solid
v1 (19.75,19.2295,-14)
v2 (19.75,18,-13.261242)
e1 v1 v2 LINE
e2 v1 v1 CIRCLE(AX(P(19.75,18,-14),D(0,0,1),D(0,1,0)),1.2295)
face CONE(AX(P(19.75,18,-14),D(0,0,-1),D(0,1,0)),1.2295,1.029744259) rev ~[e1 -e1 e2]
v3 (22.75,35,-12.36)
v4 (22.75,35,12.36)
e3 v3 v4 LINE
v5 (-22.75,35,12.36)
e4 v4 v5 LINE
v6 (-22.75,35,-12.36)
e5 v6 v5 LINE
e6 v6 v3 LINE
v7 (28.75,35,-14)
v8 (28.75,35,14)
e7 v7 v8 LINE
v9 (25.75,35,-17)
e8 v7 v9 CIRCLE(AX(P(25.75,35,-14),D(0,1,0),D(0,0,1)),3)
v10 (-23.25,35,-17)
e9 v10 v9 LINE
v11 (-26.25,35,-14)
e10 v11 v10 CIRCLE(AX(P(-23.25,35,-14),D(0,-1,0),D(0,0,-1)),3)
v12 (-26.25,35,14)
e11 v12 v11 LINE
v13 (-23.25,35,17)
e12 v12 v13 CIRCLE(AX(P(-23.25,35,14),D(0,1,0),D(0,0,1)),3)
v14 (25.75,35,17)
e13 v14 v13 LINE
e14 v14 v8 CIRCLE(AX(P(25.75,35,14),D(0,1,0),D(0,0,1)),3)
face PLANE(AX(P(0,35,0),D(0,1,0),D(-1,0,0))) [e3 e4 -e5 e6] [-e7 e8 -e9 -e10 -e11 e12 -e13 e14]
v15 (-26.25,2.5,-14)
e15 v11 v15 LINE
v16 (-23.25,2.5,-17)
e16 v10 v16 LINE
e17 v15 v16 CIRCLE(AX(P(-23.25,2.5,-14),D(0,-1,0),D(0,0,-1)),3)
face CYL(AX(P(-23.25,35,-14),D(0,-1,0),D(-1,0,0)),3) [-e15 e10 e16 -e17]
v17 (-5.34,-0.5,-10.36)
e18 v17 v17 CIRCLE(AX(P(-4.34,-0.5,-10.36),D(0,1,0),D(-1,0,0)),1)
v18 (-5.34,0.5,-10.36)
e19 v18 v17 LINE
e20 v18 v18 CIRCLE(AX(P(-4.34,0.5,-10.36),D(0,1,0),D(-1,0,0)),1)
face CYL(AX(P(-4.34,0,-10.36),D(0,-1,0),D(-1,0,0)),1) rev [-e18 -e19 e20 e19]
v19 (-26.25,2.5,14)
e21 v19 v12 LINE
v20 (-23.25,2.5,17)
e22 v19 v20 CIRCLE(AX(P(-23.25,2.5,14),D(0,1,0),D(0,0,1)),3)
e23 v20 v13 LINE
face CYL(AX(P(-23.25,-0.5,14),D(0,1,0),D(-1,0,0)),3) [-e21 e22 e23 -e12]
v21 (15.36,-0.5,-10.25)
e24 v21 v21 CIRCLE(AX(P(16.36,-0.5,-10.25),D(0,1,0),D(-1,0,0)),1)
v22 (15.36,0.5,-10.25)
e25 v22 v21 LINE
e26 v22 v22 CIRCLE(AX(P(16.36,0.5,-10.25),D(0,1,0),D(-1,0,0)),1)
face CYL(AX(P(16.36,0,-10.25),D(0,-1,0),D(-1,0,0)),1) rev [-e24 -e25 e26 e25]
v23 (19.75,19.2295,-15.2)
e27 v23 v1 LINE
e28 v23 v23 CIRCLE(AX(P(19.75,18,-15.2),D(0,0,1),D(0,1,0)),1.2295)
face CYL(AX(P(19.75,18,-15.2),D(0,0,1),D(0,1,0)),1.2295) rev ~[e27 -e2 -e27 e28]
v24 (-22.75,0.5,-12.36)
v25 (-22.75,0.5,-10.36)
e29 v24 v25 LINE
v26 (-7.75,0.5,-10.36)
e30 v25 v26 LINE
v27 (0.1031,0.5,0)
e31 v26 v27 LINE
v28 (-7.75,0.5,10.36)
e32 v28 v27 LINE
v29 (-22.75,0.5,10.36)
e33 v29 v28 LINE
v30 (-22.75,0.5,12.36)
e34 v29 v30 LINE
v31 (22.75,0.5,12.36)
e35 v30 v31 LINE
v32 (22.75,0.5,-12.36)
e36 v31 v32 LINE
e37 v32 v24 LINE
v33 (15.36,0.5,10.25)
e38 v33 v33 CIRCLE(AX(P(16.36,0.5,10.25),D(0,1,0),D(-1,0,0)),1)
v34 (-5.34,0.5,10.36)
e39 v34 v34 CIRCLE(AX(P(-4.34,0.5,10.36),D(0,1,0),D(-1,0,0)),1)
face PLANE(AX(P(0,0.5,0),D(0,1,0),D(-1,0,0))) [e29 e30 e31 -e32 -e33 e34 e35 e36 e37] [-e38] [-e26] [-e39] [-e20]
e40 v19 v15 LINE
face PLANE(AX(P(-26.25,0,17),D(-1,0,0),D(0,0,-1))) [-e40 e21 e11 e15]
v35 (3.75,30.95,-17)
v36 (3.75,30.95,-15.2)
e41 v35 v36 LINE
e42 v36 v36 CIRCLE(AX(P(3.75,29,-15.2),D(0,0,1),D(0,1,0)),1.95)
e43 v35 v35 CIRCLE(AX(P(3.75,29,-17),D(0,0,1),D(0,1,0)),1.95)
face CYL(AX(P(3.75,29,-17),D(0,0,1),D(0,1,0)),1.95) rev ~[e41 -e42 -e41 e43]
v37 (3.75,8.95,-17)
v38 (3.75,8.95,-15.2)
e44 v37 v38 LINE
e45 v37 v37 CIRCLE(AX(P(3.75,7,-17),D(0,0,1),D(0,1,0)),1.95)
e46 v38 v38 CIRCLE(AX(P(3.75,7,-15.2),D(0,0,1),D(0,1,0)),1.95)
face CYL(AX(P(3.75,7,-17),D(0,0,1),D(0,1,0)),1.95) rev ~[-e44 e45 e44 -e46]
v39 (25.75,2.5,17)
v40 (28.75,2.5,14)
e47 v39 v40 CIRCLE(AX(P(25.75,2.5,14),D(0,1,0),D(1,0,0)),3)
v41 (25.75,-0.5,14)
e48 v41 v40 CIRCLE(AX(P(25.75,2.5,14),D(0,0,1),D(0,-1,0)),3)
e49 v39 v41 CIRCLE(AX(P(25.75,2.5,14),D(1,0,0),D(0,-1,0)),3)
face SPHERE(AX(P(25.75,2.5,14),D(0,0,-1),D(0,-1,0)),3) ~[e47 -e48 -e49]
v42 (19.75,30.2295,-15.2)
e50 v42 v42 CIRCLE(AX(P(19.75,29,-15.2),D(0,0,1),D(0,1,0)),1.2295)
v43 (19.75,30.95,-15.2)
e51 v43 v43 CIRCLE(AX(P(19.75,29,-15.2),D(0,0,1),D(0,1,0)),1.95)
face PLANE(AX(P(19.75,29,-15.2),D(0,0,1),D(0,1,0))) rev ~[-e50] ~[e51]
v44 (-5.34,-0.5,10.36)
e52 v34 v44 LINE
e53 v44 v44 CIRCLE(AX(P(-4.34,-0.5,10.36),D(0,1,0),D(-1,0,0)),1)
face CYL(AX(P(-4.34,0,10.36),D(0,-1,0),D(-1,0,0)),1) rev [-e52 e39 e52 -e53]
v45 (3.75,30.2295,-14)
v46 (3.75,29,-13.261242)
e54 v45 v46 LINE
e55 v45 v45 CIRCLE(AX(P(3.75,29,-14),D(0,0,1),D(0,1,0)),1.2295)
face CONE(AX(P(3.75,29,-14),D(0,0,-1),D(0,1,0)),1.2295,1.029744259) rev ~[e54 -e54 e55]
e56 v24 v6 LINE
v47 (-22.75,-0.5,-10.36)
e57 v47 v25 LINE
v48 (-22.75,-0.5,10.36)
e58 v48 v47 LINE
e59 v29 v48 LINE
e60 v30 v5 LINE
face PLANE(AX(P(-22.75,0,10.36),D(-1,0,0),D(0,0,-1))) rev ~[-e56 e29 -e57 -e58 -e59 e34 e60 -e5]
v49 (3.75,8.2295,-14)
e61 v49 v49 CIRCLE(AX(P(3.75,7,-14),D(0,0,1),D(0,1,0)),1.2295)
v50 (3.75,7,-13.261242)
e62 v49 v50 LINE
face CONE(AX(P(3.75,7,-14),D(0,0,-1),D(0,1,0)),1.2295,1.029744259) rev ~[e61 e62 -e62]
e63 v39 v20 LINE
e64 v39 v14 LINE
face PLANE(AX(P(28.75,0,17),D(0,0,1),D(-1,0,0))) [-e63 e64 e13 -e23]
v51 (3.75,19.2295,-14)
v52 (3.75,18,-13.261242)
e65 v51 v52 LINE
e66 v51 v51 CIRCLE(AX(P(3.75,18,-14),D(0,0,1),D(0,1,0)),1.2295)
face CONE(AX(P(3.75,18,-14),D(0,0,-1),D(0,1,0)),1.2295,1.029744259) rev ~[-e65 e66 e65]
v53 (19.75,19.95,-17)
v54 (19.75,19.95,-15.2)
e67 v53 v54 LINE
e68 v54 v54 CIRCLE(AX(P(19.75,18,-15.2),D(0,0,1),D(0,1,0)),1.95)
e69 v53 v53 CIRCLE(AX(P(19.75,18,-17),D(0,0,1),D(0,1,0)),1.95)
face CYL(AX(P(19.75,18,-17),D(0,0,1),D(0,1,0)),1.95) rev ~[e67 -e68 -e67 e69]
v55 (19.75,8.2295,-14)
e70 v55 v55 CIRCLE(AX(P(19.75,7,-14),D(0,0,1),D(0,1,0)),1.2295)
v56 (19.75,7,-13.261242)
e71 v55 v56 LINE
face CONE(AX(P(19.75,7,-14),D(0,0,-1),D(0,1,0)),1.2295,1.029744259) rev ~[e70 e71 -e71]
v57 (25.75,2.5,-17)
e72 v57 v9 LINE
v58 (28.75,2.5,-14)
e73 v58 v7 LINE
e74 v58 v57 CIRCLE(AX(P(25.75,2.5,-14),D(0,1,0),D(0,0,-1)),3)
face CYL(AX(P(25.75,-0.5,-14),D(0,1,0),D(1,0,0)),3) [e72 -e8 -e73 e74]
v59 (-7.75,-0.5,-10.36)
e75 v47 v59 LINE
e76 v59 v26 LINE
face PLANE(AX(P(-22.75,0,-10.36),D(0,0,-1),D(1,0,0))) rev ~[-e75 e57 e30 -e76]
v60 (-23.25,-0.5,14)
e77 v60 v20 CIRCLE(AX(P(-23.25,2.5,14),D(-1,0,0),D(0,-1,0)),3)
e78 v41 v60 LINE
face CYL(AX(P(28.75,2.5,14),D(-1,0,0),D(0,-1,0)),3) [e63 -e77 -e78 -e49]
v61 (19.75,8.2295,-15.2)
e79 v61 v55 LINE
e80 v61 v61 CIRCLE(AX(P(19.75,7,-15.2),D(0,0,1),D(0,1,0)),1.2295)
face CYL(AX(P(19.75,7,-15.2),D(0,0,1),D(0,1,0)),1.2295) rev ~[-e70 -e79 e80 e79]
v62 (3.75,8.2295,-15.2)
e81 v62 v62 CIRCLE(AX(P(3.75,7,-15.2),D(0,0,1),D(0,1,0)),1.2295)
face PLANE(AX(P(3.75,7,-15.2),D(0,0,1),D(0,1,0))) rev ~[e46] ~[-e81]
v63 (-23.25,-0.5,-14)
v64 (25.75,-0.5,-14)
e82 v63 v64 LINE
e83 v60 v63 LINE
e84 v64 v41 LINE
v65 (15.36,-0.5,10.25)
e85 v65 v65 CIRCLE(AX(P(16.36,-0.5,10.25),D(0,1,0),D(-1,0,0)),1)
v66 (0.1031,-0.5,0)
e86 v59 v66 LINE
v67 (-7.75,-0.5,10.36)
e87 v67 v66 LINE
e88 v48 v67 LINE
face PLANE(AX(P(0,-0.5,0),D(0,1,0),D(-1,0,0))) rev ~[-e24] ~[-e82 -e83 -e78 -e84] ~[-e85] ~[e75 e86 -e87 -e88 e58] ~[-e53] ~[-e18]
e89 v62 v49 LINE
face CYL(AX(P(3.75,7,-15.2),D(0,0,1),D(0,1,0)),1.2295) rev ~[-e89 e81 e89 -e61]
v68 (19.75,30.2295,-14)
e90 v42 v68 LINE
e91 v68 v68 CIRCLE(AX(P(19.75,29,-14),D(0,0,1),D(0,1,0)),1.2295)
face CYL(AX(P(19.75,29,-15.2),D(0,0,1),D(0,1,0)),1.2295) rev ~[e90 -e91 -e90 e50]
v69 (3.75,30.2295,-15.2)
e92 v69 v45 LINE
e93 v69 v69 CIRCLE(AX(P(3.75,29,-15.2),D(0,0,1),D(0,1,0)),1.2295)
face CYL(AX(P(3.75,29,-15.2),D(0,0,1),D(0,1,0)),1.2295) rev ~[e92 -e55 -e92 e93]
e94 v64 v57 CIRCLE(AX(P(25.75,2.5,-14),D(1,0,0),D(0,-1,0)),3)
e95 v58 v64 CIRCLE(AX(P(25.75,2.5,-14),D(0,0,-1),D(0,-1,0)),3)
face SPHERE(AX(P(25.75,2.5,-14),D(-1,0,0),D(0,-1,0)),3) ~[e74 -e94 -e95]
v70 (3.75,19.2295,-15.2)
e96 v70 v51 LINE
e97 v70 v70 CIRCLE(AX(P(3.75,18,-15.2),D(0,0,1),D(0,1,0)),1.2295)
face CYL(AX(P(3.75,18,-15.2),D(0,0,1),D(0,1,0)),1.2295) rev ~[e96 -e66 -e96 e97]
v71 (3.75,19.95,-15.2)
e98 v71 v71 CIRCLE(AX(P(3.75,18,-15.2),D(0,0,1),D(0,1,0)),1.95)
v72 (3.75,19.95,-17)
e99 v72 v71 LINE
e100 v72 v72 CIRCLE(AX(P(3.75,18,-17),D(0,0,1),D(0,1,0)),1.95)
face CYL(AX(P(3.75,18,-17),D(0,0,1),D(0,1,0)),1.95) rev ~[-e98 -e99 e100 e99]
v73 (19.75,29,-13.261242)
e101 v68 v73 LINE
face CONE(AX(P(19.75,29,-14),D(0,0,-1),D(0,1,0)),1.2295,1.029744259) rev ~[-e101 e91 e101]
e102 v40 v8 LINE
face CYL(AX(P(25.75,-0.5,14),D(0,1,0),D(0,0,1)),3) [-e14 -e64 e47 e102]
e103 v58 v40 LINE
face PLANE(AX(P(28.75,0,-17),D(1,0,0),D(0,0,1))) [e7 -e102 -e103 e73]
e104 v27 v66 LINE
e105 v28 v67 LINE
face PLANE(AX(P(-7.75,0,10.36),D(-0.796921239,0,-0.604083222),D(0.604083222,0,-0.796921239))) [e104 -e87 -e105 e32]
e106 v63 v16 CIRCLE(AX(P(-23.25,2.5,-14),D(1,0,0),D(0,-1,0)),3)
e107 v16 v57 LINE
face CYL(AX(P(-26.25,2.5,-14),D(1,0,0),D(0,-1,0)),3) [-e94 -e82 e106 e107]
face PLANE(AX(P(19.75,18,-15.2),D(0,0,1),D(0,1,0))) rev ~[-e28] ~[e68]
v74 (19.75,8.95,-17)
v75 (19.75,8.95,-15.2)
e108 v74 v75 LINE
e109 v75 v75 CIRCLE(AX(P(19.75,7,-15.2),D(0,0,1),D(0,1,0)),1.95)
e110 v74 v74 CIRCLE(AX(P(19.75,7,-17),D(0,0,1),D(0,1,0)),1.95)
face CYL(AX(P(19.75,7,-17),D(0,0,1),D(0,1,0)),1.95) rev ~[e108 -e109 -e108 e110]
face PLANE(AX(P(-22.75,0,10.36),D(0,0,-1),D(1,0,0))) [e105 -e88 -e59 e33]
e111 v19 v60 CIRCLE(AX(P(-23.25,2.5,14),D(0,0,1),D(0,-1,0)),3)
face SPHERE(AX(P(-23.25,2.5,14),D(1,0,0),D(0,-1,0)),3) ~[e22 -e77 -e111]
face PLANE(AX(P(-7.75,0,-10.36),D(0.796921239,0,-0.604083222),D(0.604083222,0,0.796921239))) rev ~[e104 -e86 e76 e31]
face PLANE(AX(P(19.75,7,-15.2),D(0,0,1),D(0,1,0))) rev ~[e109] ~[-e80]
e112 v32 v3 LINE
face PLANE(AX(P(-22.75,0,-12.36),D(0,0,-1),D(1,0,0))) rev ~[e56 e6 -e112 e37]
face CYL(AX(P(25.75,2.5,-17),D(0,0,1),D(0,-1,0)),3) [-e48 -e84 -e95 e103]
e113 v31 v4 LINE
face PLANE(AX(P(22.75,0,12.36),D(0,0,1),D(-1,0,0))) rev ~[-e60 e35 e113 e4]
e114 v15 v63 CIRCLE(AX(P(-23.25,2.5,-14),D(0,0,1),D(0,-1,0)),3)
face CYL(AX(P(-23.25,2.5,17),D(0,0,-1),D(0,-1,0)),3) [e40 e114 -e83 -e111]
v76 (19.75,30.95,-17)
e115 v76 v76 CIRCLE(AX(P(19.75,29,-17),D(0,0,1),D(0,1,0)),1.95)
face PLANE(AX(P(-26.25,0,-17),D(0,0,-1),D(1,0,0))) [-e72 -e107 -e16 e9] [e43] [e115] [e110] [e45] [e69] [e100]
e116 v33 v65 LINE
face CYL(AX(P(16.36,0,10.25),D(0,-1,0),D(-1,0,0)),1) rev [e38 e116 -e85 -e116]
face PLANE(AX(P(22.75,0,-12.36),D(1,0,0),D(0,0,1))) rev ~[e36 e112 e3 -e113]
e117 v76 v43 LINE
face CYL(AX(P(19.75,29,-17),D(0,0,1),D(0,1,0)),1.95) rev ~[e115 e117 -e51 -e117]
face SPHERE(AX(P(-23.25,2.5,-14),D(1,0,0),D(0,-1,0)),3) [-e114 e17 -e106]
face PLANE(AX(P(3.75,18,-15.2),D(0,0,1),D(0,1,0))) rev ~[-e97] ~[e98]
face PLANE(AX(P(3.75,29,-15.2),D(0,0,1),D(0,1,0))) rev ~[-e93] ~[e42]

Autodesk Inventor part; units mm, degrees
ref_plane "YZ Plane" through (0, 0, 0) normal (1, 0, 0) x (0, 1, 0)
ref_plane "XZ Plane" through (0, 0, 0) normal (0, 1, 0) x (-1, 0, 0)
ref_plane "XY Plane" through (0, 0, 0) normal (0, 0, 1) x (1, 0, 0)
sketch "Sketch1" plane through (0, 0, 0) normal (0, 1, 0) x (-1, 0, 0)
  line L0 (22.75, -10.36) -> (7.75, -10.36)
  line L1 (7.75, -10.36) -> (-0.1031, 0)
  circle A0 centre (4.34, -10.36) radius 1
  line L2 (22.75, 10.36) -> (7.75, 10.36)
  circle A1 centre (12.64, 0) radius 9.6 construction
  line L3 (22.75, 12.36) -> (22.75, -12.36)
  circle A2 centre (4.34, 10.36) radius 1
  line L4 (7.75, 10.36) -> (-0.1031, 0)
  line L5 (26.25, 17) -> (26.25, -17)
  line L6 (22.75, -12.36) -> (-22.75, -12.36)
  line L7 (22.75, 0) -> (-22.75, 0) construction
  line L8 (26.25, -17) -> (-28.75, -17)
  line L9 (26.25, -17) -> (-28.75, 17) construction
  line L10 (-28.75, -17) -> (26.25, 17) construction
  line L11 (-22.75, 12.36) -> (22.75, 12.36)
  line L12 (-28.75, 17) -> (26.25, 17)
  line L13 (-28.75, -17) -> (-28.75, 17)
  circle A3 centre (-16.36, 10.25) radius 1
  line L14 (-22.75, -12.36) -> (-22.75, 12.36)
  circle A4 centre (-16.36, -10.25) radius 1
  point P0 (0, 0)
  point P1 (-1.25, 0)
  point P2 (0, 0)
  point P3 (22.75, -10.36)
  dimension "d0" = 55
  dimension "d1" = 34
  dimension "d2" = 45.5
  dimension "d3" = 24.72
  dimension "d4" = 2
  dimension "d6" = 18.41
  dimension "d7" = 20.5
  dimension "d8" = 19.2
  dimension "d9" = 10.11
  dimension "d10" = 13
  dimension "d11" = 15
  dimension "d12" = 3.5
  dimension "d13" = 2
  dimension "d14" = 3.41
  dimension "d66" = 20.7
extrude "Extrusion1" add sketch "Sketch1" along normal mid plane 1 contours L3 L6 L14 L11 L2 L4 L1 L0 | L5 L8 L13 L12
extrude "Extrusion2" add sketch "Sketch1" along normal blind 35 contours L5 L8 L13 L12
fillet "Fillet1" radius 3 8 edges at (1.25, -0.5, -17) (28.75, -0.5, 0) (1.25, -0.5, 17) (-26.25, -0.5, 0) (28.75, 17.25, -17) (28.75, 17.25, 17) (-26.25, 17.25, 17) (-26.25, 17.25, -17)
sketch "Sketch5" plane through (25.75, 2.5, -17) normal (0, 0, -1) x (-1, 0, 0)
  circle A0 centre (6, 4.5) radius 1.5
  line L0 (0, 0) -> (0, 32.5) projected
  line L1 (49, 0) -> (0, 0) projected
  circle A1 centre (6, 15.5) radius 1.5
  circle A2 centre (6, 26.5) radius 1.5
  circle A3 centre (22, 4.5) radius 1.5
  circle A4 centre (22, 15.5) radius 1.5
  circle A5 centre (22, 26.5) radius 1.5
  point P0 (25.75, -2.5)
  dimension "d47" = 3
  dimension "d48" = 6
  dimension "d49" = 4.5
  dimension "d52" = 11
  dimension "d55" = 16
hole "Hole2" at (19.75, 7, -17) at (19.75, 18, -17) at (3.75, 18, -17) at (3.75, 7, -17) at (19.75, 29, -17) at (3.75, 29, -17) direction (0, 0, 1) diameter 2.459 depth 3 tip angle 118 counterbore diameter 3.9 counterbore depth 1.8 thread size "M3x0.5" class "6H" standard "ISO Metric profile"
properties part number "basketlewy"
